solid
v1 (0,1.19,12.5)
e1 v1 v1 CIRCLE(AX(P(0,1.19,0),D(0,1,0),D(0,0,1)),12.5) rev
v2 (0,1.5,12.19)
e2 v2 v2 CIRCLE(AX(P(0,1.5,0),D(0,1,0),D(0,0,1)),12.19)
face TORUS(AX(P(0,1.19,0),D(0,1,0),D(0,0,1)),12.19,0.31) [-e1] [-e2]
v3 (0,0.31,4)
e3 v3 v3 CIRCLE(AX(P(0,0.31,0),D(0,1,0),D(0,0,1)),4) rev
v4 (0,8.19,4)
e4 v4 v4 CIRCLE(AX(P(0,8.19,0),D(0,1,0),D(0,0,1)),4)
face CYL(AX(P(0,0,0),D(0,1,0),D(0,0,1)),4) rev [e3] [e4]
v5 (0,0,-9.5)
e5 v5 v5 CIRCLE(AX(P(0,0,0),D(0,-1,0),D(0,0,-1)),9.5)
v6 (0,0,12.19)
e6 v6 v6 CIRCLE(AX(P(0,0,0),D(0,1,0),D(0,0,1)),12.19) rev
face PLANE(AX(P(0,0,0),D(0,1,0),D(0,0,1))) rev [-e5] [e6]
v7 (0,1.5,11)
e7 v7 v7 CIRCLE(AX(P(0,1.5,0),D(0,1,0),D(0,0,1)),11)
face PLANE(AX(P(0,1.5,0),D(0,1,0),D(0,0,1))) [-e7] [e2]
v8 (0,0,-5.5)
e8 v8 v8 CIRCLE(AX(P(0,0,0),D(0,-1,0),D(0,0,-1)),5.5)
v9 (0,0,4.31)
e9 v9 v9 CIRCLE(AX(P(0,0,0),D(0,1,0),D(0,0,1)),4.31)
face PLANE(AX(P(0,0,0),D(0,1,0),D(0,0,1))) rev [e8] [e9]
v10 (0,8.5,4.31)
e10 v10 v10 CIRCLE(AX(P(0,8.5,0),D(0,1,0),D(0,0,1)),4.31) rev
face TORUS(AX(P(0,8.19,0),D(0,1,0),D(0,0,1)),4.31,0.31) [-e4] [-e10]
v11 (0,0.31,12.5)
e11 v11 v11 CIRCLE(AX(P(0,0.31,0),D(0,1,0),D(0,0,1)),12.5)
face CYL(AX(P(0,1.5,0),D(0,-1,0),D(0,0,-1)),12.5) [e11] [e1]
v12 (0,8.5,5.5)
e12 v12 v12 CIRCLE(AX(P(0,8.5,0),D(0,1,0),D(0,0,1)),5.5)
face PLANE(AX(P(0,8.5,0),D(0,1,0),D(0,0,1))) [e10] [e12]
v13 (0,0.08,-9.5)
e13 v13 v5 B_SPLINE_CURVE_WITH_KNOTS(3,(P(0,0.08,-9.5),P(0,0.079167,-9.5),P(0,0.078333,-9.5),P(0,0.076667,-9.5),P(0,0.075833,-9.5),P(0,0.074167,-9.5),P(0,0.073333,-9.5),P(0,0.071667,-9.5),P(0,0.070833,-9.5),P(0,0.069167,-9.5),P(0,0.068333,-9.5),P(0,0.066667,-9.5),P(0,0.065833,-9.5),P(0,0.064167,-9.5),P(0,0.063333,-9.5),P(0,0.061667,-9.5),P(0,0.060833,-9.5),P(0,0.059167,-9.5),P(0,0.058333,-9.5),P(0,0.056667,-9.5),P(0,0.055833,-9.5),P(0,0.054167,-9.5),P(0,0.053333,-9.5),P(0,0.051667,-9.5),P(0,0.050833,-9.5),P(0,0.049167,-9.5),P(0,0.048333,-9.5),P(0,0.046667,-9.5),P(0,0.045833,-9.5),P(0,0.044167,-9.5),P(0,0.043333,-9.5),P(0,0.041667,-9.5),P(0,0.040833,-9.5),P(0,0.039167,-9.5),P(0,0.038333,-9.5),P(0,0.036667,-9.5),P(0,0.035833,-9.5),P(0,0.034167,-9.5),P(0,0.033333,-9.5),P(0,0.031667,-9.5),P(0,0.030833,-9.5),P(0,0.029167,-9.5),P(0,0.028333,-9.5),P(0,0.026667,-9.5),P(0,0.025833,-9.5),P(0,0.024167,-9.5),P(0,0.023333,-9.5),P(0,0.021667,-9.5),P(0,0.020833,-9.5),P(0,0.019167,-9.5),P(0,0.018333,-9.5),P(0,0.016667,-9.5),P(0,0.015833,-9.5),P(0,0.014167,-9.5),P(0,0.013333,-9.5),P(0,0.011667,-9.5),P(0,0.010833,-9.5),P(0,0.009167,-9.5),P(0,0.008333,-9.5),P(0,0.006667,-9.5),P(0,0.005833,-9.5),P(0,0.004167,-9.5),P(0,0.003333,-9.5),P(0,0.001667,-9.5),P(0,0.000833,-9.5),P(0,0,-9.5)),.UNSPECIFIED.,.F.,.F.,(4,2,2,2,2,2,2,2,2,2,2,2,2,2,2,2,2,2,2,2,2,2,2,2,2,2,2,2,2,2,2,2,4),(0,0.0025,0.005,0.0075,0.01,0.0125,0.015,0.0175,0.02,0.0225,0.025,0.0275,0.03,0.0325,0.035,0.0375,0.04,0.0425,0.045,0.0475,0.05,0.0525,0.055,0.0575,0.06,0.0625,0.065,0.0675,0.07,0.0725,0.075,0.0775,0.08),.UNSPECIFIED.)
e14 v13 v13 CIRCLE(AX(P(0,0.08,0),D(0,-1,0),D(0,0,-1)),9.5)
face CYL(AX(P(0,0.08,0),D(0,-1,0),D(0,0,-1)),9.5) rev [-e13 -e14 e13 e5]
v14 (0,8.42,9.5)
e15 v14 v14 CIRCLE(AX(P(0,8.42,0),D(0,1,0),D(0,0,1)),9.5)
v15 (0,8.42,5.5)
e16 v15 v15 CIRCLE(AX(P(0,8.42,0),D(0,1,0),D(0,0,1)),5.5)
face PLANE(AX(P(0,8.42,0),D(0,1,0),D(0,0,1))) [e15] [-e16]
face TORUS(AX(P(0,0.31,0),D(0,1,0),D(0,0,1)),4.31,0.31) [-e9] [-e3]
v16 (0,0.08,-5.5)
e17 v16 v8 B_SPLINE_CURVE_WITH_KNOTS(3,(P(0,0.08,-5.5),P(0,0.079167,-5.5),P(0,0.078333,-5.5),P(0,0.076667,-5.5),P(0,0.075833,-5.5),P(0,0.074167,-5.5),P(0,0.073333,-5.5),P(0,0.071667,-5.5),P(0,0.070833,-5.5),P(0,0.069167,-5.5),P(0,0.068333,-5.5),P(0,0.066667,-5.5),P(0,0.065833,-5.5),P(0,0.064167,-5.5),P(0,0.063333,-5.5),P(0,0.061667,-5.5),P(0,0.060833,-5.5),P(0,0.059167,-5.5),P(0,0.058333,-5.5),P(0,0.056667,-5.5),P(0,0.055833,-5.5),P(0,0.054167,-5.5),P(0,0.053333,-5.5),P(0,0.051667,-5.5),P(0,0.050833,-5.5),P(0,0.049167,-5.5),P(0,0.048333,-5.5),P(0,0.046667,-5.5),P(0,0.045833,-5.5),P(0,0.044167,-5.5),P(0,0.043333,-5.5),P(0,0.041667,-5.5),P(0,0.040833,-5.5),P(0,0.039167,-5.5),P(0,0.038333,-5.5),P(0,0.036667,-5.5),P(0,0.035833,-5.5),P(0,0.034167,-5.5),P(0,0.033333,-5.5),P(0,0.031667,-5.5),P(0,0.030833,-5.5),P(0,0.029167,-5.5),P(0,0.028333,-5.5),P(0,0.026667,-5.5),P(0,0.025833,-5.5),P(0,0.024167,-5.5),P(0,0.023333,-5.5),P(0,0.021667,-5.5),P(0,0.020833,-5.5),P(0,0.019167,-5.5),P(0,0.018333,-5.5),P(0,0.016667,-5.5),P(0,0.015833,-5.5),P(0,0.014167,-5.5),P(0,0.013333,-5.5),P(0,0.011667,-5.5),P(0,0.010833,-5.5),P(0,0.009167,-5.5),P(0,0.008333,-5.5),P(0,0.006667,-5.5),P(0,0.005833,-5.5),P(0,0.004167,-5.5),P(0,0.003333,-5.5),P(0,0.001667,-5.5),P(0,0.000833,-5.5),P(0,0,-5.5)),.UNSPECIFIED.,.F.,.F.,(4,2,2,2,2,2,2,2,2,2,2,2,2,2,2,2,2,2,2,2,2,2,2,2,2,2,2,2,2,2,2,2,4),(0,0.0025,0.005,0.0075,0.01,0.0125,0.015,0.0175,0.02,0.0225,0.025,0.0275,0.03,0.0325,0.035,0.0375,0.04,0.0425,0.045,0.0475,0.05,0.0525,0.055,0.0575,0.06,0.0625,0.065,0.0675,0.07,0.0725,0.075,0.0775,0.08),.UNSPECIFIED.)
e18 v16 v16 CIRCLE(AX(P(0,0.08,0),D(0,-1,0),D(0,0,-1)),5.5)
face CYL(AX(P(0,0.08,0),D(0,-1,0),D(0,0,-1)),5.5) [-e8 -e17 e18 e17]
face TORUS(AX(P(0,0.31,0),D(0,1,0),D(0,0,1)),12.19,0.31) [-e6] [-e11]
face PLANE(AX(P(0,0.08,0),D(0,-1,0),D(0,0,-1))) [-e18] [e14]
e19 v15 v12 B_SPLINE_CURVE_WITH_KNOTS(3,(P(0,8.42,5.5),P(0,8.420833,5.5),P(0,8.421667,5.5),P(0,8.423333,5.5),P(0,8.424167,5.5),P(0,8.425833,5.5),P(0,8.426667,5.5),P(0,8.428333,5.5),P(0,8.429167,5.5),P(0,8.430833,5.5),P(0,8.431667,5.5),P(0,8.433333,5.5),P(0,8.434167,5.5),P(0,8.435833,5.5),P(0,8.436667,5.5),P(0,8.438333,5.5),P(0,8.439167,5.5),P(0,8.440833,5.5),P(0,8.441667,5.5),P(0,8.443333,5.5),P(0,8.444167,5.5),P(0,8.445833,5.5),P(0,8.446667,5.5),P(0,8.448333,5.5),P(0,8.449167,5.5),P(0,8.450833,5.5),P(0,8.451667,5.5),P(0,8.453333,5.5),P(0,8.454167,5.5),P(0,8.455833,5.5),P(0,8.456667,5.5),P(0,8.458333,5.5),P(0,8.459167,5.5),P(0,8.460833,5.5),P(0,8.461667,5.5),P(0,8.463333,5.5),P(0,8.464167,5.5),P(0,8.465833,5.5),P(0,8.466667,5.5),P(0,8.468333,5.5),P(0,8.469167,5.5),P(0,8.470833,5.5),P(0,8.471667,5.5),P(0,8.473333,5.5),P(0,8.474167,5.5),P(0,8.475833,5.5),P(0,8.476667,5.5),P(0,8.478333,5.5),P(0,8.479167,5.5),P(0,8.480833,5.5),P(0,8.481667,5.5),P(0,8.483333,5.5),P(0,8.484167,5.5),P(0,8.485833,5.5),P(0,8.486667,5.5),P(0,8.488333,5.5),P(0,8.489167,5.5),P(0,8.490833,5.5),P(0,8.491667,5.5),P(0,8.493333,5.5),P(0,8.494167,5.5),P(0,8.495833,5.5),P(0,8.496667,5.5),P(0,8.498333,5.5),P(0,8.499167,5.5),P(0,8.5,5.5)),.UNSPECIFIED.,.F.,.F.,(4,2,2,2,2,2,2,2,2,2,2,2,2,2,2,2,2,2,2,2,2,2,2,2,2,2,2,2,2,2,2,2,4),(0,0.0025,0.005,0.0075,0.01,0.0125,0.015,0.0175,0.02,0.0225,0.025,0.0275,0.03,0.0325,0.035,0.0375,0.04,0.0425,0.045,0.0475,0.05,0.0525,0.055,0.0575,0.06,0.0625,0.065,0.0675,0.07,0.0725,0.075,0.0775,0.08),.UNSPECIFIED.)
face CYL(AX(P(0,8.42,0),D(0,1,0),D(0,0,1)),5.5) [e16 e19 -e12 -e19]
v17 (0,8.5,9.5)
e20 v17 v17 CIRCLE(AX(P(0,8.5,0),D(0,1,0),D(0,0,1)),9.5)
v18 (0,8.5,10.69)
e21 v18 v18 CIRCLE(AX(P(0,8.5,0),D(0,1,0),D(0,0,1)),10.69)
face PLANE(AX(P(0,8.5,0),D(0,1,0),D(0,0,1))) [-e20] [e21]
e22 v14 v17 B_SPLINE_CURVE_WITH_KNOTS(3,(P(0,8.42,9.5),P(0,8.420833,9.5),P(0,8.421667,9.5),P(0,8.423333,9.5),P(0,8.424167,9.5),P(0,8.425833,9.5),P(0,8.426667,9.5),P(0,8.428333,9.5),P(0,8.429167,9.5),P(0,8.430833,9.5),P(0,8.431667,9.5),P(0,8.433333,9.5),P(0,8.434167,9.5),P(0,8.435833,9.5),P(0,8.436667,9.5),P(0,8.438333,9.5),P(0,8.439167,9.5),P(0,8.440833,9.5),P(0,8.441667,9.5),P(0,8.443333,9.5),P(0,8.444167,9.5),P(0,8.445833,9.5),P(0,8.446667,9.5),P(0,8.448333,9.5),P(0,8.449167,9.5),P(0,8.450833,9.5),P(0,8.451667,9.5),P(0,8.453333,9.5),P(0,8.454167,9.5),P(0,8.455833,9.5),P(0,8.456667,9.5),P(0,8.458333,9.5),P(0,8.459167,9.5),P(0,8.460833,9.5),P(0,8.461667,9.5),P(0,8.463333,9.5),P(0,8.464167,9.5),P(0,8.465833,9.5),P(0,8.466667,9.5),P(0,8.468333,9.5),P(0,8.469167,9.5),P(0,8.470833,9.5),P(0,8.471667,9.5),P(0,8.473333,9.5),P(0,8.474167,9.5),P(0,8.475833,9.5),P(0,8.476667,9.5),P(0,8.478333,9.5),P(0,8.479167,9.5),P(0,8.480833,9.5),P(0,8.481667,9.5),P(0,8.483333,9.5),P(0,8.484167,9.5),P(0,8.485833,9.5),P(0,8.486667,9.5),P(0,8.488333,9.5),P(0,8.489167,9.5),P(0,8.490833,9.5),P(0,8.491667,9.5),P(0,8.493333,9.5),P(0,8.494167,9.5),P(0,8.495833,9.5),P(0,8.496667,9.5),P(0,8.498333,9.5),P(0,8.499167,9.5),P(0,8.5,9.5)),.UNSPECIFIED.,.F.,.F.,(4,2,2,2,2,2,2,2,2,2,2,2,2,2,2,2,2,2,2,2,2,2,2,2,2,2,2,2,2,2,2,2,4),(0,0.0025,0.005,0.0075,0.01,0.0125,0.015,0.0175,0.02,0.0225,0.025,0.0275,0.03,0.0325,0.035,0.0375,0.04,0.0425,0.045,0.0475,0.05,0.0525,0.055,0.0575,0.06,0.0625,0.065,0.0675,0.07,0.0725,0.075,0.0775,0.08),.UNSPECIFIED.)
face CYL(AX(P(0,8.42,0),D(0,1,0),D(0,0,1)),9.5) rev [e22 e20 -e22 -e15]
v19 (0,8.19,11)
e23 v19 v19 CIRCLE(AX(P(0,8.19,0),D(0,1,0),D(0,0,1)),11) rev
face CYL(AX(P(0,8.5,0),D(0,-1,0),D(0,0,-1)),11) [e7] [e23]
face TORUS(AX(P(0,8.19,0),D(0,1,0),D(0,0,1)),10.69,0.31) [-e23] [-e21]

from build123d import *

# Parameters (mm, degrees)
SKETCH1_R           = 12.5
BOSS_EXTRUDE1_DEPTH = 1.5
SKETCH2_R           = 11
BOSS_EXTRUDE2_DEPTH = 7
SKETCH3_R           = 4
CUT_EXTRUDE1_DEPTH  = 20.615045246
SKETCH4_R           = 9.5
SKETCH4_R_2         = 5.5
CUT_EXTRUDE2_DEPTH  = 0.08
CUT_EXTRUDE3_START  = -0.08
SKETCH5_R           = 9.5
SKETCH5_R_2         = 5.5
CUT_EXTRUDE3_DEPTH  = 0.08
FILLET1_R           = 0.31


with BuildPart() as part:
    # Sketch1 → Boss-Extrude1 (new body)
    with BuildSketch(Plane(origin=(0, 0, 0), x_dir=(1, 0, 0), z_dir=(0, 1, 0))):
        with Locations(Location((0, 0, 0), (0, 0, 270))):
            Circle(SKETCH1_R)
    extrude(amount=BOSS_EXTRUDE1_DEPTH)

    # Sketch2 → Boss-Extrude2 (add)
    with BuildSketch(Plane(origin=(0, 1.5, 0), x_dir=(1, 0, 0), z_dir=(0, 1, 0))):
        with Locations(Location((0, 0, 0), (0, 0, 270))):
            Circle(SKETCH2_R)
    extrude(amount=BOSS_EXTRUDE2_DEPTH)

    # Sketch3 → Cut-Extrude1 (cut, through all)
    with BuildSketch(Plane(origin=(0, 8.5, 0), x_dir=(1, 0, 0), z_dir=(0, 1, 0))):
        with Locations(Location((0, 0, 0), (0, 0, 270))):
            Circle(SKETCH3_R)
    extrude(amount=-CUT_EXTRUDE1_DEPTH, mode=Mode.SUBTRACT)

    # Sketch4 → Cut-Extrude2 (cut)
    with BuildSketch(Plane.XZ):
        with Locations(Location((0, 0, 0), (0, 0, 270))):
            Circle(SKETCH4_R)
        with Locations(Location((0, 0, 0), (0, 0, 270))):
            Circle(SKETCH4_R_2, mode=Mode.SUBTRACT)
    extrude(amount=-CUT_EXTRUDE2_DEPTH, mode=Mode.SUBTRACT)

    # Sketch5 → Cut-Extrude3 (cut)
    with BuildSketch(Plane(origin=(0, 8.5, 0), x_dir=(1, 0, 0), z_dir=(0, 1, 0)).offset(CUT_EXTRUDE3_START)):
        with Locations(Location((0, 0, 0), (0, 0, 90))):
            Circle(SKETCH5_R)
        with Locations(Location((0, 0, 0), (0, 0, 90))):
            Circle(SKETCH5_R_2, mode=Mode.SUBTRACT)
    extrude(amount=CUT_EXTRUDE3_DEPTH, mode=Mode.SUBTRACT)

    # Fillet1
    fillet1_edges = [part.edges().sort_by_distance(p)[0] for p in [
        (0, 0, -4),
        (0, 8.5, -4),
        (0, 0, -12.5),
        (0, 1.5, -12.5),
        (0, 8.5, -11),
    ]]
    fillet(fillet1_edges, radius=FILLET1_R)


solid = part.part
